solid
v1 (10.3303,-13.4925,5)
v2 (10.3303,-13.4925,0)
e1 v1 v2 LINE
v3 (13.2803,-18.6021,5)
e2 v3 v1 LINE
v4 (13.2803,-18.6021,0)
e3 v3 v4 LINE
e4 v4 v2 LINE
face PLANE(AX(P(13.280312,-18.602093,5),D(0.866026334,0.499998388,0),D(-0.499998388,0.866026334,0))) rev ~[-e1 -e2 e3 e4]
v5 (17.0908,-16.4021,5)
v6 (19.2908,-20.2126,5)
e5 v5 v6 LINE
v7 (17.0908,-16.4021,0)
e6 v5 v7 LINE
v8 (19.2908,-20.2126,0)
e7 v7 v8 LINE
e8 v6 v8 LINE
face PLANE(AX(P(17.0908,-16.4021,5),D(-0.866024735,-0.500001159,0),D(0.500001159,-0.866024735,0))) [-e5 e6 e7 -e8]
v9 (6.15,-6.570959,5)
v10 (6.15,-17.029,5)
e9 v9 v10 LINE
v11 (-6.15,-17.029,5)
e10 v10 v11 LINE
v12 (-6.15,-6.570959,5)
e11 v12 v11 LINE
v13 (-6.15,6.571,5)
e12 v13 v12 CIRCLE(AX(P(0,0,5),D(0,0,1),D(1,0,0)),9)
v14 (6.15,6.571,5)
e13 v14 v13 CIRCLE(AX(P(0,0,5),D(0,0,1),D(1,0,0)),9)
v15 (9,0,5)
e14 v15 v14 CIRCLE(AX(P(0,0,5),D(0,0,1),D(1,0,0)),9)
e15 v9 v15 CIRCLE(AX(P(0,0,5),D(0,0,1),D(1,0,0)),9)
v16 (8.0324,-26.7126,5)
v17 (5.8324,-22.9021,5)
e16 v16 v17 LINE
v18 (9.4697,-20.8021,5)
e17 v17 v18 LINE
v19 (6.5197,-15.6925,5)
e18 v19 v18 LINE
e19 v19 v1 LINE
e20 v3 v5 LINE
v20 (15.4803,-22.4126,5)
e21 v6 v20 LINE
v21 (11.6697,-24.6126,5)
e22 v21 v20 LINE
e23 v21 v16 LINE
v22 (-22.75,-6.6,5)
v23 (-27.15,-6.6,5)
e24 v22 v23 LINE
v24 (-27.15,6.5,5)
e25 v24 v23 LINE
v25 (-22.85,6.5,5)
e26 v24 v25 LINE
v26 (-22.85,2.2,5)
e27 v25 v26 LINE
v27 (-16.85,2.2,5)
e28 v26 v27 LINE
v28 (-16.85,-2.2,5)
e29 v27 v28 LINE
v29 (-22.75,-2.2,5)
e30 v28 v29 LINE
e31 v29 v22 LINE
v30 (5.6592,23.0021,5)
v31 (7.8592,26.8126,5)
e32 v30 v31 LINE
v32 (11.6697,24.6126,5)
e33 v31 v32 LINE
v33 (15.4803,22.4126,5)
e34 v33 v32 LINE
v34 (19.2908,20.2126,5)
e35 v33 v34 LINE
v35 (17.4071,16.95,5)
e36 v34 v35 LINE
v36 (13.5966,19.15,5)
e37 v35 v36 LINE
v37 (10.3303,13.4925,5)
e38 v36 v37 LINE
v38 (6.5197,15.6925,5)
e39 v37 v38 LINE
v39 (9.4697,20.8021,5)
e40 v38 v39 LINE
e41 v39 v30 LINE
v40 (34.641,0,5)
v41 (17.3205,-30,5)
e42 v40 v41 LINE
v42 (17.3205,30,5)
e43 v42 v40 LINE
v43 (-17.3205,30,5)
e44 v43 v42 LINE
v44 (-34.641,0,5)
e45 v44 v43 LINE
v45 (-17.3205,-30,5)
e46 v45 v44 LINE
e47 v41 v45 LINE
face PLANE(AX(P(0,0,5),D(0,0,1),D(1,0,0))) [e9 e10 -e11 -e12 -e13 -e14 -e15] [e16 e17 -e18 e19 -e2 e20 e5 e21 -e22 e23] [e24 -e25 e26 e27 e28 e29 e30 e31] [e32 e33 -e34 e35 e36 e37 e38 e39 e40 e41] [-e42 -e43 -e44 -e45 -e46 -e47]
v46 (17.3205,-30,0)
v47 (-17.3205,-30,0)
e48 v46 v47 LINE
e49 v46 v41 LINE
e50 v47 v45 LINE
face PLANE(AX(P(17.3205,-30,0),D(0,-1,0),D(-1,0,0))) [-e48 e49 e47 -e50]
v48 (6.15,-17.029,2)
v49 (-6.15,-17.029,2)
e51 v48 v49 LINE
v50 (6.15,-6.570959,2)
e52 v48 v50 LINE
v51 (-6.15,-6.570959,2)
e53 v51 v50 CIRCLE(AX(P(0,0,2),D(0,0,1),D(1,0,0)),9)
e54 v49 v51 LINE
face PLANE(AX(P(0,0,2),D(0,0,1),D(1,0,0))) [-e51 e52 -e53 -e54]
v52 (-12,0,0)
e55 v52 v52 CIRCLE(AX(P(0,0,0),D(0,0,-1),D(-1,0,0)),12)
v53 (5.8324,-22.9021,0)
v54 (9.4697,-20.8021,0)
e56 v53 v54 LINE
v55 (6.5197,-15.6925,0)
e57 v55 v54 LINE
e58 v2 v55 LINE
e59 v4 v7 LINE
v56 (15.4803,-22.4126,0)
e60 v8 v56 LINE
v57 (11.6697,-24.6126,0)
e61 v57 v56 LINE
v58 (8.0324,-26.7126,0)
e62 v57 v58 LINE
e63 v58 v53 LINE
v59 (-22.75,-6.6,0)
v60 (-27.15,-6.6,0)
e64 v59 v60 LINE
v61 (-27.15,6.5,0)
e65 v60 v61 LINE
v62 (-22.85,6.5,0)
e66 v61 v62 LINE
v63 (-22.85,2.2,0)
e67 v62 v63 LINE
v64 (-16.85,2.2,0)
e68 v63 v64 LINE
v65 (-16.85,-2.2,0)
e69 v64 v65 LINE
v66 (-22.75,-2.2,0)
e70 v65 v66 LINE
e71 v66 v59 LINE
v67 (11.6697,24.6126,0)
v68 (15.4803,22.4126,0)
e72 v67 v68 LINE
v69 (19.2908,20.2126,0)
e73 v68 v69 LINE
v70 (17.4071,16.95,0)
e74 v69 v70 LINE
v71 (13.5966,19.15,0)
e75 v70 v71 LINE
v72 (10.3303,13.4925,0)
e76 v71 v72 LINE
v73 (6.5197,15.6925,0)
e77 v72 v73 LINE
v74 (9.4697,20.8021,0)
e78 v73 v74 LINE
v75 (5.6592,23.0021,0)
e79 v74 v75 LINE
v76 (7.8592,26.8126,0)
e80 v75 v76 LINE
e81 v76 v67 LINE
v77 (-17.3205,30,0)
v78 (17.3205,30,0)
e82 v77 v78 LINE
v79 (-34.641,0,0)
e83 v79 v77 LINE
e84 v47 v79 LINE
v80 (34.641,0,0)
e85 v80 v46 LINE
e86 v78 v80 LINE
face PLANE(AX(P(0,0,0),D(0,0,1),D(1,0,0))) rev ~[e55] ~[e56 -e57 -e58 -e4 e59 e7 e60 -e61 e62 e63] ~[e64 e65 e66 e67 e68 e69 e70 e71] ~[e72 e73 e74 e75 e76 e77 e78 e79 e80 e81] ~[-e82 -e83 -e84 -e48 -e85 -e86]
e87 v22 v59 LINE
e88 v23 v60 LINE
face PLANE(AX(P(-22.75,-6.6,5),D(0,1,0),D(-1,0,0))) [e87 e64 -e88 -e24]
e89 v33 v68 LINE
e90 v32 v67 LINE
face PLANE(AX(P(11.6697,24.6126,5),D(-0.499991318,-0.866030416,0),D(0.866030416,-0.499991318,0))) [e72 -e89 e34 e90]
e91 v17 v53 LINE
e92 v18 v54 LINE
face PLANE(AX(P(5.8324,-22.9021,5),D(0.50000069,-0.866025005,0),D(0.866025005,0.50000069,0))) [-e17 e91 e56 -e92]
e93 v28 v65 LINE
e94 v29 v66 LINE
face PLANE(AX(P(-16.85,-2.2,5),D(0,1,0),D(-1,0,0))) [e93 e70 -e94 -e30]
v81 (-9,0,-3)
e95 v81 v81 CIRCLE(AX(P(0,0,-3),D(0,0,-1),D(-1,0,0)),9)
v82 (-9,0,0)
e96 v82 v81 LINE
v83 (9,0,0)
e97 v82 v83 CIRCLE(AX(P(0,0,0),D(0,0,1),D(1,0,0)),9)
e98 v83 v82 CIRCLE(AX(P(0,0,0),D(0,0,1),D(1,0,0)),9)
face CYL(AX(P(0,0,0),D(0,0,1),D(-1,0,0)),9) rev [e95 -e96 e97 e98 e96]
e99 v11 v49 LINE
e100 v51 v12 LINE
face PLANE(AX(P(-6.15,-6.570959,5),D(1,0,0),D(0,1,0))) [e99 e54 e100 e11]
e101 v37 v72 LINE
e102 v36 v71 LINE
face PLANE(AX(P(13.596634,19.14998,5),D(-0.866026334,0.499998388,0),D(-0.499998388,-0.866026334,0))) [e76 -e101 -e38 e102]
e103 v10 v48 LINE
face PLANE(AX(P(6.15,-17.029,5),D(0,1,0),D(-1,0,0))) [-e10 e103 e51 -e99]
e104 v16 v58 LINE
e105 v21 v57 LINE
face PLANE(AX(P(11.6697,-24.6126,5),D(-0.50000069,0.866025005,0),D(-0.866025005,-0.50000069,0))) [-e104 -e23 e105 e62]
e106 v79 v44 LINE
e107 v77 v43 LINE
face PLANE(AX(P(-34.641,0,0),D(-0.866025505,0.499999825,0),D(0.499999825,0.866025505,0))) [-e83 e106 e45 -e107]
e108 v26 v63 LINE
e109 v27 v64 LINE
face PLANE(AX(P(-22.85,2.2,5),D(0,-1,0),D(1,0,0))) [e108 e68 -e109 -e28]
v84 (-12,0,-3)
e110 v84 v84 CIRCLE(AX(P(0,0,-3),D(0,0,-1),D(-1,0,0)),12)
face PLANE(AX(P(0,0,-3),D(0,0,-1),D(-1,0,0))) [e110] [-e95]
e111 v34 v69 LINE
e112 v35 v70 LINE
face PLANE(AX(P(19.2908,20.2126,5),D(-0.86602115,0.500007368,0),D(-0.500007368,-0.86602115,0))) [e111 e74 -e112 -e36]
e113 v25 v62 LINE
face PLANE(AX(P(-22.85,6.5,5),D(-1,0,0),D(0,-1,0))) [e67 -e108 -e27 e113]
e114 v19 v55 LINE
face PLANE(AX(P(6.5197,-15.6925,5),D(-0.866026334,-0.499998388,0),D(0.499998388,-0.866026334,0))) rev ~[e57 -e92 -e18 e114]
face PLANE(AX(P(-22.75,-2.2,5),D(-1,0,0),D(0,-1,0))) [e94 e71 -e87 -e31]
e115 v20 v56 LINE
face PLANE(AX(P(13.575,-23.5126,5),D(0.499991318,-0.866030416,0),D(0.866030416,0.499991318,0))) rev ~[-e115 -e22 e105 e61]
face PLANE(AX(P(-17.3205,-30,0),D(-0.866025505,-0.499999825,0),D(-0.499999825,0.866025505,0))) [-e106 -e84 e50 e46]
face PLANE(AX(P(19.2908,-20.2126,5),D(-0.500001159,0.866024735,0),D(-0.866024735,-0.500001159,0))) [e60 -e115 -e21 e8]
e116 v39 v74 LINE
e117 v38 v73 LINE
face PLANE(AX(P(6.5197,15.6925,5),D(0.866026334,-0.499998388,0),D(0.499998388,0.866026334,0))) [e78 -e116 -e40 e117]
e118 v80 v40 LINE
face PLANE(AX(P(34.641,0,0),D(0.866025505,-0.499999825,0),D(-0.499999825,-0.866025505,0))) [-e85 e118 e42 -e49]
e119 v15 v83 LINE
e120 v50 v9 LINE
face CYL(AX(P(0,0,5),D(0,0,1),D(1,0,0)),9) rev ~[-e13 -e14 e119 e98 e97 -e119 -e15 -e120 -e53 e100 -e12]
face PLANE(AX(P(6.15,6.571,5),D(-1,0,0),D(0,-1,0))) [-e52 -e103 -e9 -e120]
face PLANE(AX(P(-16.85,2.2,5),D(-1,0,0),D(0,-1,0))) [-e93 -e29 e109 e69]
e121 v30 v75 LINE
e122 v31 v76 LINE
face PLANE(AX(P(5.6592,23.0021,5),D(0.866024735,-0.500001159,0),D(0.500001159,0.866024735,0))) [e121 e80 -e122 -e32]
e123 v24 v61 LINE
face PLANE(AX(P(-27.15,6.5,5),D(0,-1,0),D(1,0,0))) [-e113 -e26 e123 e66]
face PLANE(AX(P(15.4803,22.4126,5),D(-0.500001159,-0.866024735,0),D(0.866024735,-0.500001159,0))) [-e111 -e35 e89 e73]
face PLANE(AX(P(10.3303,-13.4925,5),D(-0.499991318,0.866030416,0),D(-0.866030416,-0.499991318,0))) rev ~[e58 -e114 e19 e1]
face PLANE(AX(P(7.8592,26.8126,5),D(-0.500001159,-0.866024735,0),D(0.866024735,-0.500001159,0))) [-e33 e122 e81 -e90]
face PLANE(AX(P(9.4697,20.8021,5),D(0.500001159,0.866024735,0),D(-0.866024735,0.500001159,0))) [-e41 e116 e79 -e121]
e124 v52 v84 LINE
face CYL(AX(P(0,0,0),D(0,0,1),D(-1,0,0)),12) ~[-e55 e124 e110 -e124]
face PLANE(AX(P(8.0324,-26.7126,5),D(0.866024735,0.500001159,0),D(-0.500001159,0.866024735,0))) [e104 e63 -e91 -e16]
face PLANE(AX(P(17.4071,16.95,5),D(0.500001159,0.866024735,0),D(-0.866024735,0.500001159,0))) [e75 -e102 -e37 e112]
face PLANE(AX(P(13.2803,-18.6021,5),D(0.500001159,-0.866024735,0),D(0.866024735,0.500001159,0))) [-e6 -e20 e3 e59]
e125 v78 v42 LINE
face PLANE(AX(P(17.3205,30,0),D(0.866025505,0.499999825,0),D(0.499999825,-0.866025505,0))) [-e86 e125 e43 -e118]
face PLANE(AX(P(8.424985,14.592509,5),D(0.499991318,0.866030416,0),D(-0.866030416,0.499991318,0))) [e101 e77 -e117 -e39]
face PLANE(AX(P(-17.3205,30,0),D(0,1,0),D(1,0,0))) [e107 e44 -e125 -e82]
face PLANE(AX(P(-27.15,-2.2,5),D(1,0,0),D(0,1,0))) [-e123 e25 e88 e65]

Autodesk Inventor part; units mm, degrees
ref_plane "YZ Plane" through (0, 0, 0) normal (1, 0, 0) x (0, 1, 0)
ref_plane "XZ Plane" through (0, 0, 0) normal (0, 1, 0) x (-1, 0, 0)
ref_plane "XY Plane" through (0, 0, 0) normal (0, 0, 1) x (1, 0, 0)
sketch "Boceto1" plane through (0, 0, 0) normal (0, 0, 1) x (1, 0, 0)
  line L0 (17.3205, 30) -> (34.641, 0)
  line L1 (34.641, 0) -> (17.3205, -30)
  line L2 (17.3205, -30) -> (-17.3205, -30)
  line L3 (-17.3205, -30) -> (-34.641, 0)
  line L4 (-34.641, 0) -> (-17.3205, 30)
  line L5 (-17.3205, 30) -> (17.3205, 30)
  point P0 (0, 0)
  point P1 (0, 0)
  dimension "d0" = 30
extrude "Extrusión1" add sketch "Boceto1" along normal blind 5
sketch "Boceto3" plane through (0, 0, 5) normal (0, 0, 1) x (1, 0, 0)
  circle A0 centre (0, 0) radius 9
  dimension "d5" = 18
extrude "Extrusión3" cut sketch "Boceto3" against normal blind 10
sketch "Boceto4" plane through (0, 0, 5) normal (0, 0, 1) x (1, 0, 0)
  circle A0 centre (0, 0) radius 9 projected
  line L0 (-6.15, 6.571) -> (6.15, 6.571)
  line L1 (6.15, 6.571) -> (6.15, -17.029)
  line L2 (6.15, -17.029) -> (-6.15, -17.029)
  line L3 (-6.15, -17.029) -> (-6.15, 6.571)
  point P0 (0, 6.571)
  dimension "d10" = 12.3
  dimension "d11" = 23.6
extrude "Extrusión4" cut sketch "Boceto4" against normal blind 3 contours L1 A0 L3 L0 | L1 L2 L3 A0
sketch "Boceto5" plane through (0, 0, 5) normal (0, 0, 1) x (1, 0, 0)
  line L0 (6.15, -17.029) -> (-6.15, -17.029) projected
  line L1 (34.641, 0) -> (17.3205, 30) projected
  line L2 (-34.641, 0) -> (-17.3205, -30) projected
  line L3 (-17.3205, -30) -> (17.3205, -30) projected
  line L4 (17.3205, -30) -> (34.641, 0) projected
  line L5 (6.5197, 15.6925) -> (11.6697, 24.6126)
  line L6 (11.6697, 24.6126) -> (15.4803, 22.4126)
  line L7 (15.4803, 22.4126) -> (10.3303, 13.4925)
  line L8 (10.3303, 13.4925) -> (6.5197, 15.6925)
  line L9 (6.5197, 15.6925) -> (15.4803, 22.4126) construction
  line L10 (11.6697, 24.6126) -> (10.3303, 13.4925) construction
  line L11 (-16.85, -2.2) -> (-27.15, -2.2)
  line L12 (-27.15, -2.2) -> (-27.15, 2.2)
  line L13 (-27.15, 2.2) -> (-16.85, 2.2)
  line L14 (-16.85, 2.2) -> (-16.85, -2.2)
  line L15 (-16.85, -2.2) -> (-27.15, 2.2) construction
  line L16 (-27.15, -2.2) -> (-16.85, 2.2) construction
  line L17 (6.5197, -15.6925) -> (11.6697, -24.6126)
  line L18 (11.6697, -24.6126) -> (15.4803, -22.4126)
  line L19 (15.4803, -22.4126) -> (10.3303, -13.4925)
  line L20 (10.3303, -13.4925) -> (6.5197, -15.6925)
  line L21 (6.5197, -15.6925) -> (15.4803, -22.4126) construction
  line L22 (11.6697, -24.6126) -> (10.3303, -13.4925) construction
  arc A0 (6.15, -6.571) -> (-6.15, -6.571) centre (0, 0) ccw projected
  line L23 (-17.3205, 30) -> (-34.641, 0) projected
  line L24 (0, 0) -> (17.3205, 30)
  line L25 (0, 0) -> (17.3205, -30)
  line L26 (-27.15, -2.2) -> (-22.85, -2.2)
  line L27 (-27.15, -2.2) -> (-22.75, -2.2)
  line L28 (-22.75, -2.2) -> (-22.75, -6.6)
  line L29 (-22.75, -6.6) -> (-27.15, -6.6)
  line L30 (-27.15, -6.6) -> (-27.15, -2.2)
  line L31 (15.4803, -22.4126) -> (13.2803, -18.6021)
  line L32 (13.2803, -18.6021) -> (17.0908, -16.4021)
  line L33 (17.0908, -16.4021) -> (19.2908, -20.2126)
  line L34 (19.2908, -20.2126) -> (15.4803, -22.4126)
  line L35 (11.6697, 24.6126) -> (9.4697, 20.8021)
  line L36 (9.4697, 20.8021) -> (5.6592, 23.0021)
  line L37 (5.6592, 23.0021) -> (7.8592, 26.8126)
  line L38 (7.8592, 26.8126) -> (11.6697, 24.6126)
  line L39 (15.4803, 22.4126) -> (19.2908, 20.2126)
  line L40 (19.2908, 20.2126) -> (17.4071, 16.95)
  line L41 (17.4071, 16.95) -> (13.5966, 19.15)
  line L42 (13.5966, 19.15) -> (15.4803, 22.4126)
  line L43 (11.6697, -24.6126) -> (8.0324, -26.7126)
  line L44 (8.0324, -26.7126) -> (5.8324, -22.9021)
  line L45 (5.8324, -22.9021) -> (9.4697, -20.8021)
  line L46 (9.4697, -20.8021) -> (11.6697, -24.6126)
  line L47 (-27.15, 2.2) -> (-27.15, 6.5)
  line L48 (-27.15, 6.5) -> (-22.85, 6.5)
  line L49 (-22.85, 6.5) -> (-22.85, 2.2)
  line L50 (-22.85, 2.2) -> (-27.15, 2.2)
  point P0 (11, 19.0526)
  point P1 (-22, 0)
  point P2 (11, -19.0526)
  point P3 (-22, 0)
  point P4 (-22, 0)
  point P5 (12.5, 21.6506)
  point P6 (13.575, 23.5126)
  point P7 (11, 19.0526)
  point P8 (11, -19.0526)
  point P9 (12.5, -21.6506)
  point P10 (-27.15, 0)
  point P11 (13.575, -23.5126)
  dimension "d16" = 4.4
  dimension "d17" = 10.3
  dimension "d18" = 4.4
  dimension "d20" = 4.4
  dimension "d21" = 10.3
  dimension "d47" = 22
  dimension "d48" = 22
  dimension "d49" = 22
  dimension "d60" = 4.4
  dimension "d61" = 4.4
  dimension "d62" = 4.4
  dimension "d63" = 4.4
  dimension "d64" = 4.4
  dimension "d65" = 4.4
  dimension "d68" = 4.4
  dimension "d69" = 4.4
  dimension "d70" = 4.3
sketch "Boceto9" plane through (0, 0, 0) normal (0, 0, -1) x (-1, 0, 0)
  circle A0 centre (0, 0) radius 9 projected
  circle A1 centre (0, 0) radius 12
  circle A2 centre (0, 0) radius 9
extrude "Extrusión9" add sketch "Boceto9" along normal blind 3
extrude "Extrusión11" cut sketch "Boceto5" against normal blind 10 contours L24 L8 L5 L6 | L6 L7 L8 L24 | L25 L20 L19 L18 | L18 L17 L20 L25 | L5 L36 L37 L38 | L39 L40 L41 L7 | L43 L44 L45 L17 | L19 L32 L33 L34 | L11 L12 L13 L14 | L28 L29 L30 L11 | L13 L47 L48 L49
properties part number "Base"
